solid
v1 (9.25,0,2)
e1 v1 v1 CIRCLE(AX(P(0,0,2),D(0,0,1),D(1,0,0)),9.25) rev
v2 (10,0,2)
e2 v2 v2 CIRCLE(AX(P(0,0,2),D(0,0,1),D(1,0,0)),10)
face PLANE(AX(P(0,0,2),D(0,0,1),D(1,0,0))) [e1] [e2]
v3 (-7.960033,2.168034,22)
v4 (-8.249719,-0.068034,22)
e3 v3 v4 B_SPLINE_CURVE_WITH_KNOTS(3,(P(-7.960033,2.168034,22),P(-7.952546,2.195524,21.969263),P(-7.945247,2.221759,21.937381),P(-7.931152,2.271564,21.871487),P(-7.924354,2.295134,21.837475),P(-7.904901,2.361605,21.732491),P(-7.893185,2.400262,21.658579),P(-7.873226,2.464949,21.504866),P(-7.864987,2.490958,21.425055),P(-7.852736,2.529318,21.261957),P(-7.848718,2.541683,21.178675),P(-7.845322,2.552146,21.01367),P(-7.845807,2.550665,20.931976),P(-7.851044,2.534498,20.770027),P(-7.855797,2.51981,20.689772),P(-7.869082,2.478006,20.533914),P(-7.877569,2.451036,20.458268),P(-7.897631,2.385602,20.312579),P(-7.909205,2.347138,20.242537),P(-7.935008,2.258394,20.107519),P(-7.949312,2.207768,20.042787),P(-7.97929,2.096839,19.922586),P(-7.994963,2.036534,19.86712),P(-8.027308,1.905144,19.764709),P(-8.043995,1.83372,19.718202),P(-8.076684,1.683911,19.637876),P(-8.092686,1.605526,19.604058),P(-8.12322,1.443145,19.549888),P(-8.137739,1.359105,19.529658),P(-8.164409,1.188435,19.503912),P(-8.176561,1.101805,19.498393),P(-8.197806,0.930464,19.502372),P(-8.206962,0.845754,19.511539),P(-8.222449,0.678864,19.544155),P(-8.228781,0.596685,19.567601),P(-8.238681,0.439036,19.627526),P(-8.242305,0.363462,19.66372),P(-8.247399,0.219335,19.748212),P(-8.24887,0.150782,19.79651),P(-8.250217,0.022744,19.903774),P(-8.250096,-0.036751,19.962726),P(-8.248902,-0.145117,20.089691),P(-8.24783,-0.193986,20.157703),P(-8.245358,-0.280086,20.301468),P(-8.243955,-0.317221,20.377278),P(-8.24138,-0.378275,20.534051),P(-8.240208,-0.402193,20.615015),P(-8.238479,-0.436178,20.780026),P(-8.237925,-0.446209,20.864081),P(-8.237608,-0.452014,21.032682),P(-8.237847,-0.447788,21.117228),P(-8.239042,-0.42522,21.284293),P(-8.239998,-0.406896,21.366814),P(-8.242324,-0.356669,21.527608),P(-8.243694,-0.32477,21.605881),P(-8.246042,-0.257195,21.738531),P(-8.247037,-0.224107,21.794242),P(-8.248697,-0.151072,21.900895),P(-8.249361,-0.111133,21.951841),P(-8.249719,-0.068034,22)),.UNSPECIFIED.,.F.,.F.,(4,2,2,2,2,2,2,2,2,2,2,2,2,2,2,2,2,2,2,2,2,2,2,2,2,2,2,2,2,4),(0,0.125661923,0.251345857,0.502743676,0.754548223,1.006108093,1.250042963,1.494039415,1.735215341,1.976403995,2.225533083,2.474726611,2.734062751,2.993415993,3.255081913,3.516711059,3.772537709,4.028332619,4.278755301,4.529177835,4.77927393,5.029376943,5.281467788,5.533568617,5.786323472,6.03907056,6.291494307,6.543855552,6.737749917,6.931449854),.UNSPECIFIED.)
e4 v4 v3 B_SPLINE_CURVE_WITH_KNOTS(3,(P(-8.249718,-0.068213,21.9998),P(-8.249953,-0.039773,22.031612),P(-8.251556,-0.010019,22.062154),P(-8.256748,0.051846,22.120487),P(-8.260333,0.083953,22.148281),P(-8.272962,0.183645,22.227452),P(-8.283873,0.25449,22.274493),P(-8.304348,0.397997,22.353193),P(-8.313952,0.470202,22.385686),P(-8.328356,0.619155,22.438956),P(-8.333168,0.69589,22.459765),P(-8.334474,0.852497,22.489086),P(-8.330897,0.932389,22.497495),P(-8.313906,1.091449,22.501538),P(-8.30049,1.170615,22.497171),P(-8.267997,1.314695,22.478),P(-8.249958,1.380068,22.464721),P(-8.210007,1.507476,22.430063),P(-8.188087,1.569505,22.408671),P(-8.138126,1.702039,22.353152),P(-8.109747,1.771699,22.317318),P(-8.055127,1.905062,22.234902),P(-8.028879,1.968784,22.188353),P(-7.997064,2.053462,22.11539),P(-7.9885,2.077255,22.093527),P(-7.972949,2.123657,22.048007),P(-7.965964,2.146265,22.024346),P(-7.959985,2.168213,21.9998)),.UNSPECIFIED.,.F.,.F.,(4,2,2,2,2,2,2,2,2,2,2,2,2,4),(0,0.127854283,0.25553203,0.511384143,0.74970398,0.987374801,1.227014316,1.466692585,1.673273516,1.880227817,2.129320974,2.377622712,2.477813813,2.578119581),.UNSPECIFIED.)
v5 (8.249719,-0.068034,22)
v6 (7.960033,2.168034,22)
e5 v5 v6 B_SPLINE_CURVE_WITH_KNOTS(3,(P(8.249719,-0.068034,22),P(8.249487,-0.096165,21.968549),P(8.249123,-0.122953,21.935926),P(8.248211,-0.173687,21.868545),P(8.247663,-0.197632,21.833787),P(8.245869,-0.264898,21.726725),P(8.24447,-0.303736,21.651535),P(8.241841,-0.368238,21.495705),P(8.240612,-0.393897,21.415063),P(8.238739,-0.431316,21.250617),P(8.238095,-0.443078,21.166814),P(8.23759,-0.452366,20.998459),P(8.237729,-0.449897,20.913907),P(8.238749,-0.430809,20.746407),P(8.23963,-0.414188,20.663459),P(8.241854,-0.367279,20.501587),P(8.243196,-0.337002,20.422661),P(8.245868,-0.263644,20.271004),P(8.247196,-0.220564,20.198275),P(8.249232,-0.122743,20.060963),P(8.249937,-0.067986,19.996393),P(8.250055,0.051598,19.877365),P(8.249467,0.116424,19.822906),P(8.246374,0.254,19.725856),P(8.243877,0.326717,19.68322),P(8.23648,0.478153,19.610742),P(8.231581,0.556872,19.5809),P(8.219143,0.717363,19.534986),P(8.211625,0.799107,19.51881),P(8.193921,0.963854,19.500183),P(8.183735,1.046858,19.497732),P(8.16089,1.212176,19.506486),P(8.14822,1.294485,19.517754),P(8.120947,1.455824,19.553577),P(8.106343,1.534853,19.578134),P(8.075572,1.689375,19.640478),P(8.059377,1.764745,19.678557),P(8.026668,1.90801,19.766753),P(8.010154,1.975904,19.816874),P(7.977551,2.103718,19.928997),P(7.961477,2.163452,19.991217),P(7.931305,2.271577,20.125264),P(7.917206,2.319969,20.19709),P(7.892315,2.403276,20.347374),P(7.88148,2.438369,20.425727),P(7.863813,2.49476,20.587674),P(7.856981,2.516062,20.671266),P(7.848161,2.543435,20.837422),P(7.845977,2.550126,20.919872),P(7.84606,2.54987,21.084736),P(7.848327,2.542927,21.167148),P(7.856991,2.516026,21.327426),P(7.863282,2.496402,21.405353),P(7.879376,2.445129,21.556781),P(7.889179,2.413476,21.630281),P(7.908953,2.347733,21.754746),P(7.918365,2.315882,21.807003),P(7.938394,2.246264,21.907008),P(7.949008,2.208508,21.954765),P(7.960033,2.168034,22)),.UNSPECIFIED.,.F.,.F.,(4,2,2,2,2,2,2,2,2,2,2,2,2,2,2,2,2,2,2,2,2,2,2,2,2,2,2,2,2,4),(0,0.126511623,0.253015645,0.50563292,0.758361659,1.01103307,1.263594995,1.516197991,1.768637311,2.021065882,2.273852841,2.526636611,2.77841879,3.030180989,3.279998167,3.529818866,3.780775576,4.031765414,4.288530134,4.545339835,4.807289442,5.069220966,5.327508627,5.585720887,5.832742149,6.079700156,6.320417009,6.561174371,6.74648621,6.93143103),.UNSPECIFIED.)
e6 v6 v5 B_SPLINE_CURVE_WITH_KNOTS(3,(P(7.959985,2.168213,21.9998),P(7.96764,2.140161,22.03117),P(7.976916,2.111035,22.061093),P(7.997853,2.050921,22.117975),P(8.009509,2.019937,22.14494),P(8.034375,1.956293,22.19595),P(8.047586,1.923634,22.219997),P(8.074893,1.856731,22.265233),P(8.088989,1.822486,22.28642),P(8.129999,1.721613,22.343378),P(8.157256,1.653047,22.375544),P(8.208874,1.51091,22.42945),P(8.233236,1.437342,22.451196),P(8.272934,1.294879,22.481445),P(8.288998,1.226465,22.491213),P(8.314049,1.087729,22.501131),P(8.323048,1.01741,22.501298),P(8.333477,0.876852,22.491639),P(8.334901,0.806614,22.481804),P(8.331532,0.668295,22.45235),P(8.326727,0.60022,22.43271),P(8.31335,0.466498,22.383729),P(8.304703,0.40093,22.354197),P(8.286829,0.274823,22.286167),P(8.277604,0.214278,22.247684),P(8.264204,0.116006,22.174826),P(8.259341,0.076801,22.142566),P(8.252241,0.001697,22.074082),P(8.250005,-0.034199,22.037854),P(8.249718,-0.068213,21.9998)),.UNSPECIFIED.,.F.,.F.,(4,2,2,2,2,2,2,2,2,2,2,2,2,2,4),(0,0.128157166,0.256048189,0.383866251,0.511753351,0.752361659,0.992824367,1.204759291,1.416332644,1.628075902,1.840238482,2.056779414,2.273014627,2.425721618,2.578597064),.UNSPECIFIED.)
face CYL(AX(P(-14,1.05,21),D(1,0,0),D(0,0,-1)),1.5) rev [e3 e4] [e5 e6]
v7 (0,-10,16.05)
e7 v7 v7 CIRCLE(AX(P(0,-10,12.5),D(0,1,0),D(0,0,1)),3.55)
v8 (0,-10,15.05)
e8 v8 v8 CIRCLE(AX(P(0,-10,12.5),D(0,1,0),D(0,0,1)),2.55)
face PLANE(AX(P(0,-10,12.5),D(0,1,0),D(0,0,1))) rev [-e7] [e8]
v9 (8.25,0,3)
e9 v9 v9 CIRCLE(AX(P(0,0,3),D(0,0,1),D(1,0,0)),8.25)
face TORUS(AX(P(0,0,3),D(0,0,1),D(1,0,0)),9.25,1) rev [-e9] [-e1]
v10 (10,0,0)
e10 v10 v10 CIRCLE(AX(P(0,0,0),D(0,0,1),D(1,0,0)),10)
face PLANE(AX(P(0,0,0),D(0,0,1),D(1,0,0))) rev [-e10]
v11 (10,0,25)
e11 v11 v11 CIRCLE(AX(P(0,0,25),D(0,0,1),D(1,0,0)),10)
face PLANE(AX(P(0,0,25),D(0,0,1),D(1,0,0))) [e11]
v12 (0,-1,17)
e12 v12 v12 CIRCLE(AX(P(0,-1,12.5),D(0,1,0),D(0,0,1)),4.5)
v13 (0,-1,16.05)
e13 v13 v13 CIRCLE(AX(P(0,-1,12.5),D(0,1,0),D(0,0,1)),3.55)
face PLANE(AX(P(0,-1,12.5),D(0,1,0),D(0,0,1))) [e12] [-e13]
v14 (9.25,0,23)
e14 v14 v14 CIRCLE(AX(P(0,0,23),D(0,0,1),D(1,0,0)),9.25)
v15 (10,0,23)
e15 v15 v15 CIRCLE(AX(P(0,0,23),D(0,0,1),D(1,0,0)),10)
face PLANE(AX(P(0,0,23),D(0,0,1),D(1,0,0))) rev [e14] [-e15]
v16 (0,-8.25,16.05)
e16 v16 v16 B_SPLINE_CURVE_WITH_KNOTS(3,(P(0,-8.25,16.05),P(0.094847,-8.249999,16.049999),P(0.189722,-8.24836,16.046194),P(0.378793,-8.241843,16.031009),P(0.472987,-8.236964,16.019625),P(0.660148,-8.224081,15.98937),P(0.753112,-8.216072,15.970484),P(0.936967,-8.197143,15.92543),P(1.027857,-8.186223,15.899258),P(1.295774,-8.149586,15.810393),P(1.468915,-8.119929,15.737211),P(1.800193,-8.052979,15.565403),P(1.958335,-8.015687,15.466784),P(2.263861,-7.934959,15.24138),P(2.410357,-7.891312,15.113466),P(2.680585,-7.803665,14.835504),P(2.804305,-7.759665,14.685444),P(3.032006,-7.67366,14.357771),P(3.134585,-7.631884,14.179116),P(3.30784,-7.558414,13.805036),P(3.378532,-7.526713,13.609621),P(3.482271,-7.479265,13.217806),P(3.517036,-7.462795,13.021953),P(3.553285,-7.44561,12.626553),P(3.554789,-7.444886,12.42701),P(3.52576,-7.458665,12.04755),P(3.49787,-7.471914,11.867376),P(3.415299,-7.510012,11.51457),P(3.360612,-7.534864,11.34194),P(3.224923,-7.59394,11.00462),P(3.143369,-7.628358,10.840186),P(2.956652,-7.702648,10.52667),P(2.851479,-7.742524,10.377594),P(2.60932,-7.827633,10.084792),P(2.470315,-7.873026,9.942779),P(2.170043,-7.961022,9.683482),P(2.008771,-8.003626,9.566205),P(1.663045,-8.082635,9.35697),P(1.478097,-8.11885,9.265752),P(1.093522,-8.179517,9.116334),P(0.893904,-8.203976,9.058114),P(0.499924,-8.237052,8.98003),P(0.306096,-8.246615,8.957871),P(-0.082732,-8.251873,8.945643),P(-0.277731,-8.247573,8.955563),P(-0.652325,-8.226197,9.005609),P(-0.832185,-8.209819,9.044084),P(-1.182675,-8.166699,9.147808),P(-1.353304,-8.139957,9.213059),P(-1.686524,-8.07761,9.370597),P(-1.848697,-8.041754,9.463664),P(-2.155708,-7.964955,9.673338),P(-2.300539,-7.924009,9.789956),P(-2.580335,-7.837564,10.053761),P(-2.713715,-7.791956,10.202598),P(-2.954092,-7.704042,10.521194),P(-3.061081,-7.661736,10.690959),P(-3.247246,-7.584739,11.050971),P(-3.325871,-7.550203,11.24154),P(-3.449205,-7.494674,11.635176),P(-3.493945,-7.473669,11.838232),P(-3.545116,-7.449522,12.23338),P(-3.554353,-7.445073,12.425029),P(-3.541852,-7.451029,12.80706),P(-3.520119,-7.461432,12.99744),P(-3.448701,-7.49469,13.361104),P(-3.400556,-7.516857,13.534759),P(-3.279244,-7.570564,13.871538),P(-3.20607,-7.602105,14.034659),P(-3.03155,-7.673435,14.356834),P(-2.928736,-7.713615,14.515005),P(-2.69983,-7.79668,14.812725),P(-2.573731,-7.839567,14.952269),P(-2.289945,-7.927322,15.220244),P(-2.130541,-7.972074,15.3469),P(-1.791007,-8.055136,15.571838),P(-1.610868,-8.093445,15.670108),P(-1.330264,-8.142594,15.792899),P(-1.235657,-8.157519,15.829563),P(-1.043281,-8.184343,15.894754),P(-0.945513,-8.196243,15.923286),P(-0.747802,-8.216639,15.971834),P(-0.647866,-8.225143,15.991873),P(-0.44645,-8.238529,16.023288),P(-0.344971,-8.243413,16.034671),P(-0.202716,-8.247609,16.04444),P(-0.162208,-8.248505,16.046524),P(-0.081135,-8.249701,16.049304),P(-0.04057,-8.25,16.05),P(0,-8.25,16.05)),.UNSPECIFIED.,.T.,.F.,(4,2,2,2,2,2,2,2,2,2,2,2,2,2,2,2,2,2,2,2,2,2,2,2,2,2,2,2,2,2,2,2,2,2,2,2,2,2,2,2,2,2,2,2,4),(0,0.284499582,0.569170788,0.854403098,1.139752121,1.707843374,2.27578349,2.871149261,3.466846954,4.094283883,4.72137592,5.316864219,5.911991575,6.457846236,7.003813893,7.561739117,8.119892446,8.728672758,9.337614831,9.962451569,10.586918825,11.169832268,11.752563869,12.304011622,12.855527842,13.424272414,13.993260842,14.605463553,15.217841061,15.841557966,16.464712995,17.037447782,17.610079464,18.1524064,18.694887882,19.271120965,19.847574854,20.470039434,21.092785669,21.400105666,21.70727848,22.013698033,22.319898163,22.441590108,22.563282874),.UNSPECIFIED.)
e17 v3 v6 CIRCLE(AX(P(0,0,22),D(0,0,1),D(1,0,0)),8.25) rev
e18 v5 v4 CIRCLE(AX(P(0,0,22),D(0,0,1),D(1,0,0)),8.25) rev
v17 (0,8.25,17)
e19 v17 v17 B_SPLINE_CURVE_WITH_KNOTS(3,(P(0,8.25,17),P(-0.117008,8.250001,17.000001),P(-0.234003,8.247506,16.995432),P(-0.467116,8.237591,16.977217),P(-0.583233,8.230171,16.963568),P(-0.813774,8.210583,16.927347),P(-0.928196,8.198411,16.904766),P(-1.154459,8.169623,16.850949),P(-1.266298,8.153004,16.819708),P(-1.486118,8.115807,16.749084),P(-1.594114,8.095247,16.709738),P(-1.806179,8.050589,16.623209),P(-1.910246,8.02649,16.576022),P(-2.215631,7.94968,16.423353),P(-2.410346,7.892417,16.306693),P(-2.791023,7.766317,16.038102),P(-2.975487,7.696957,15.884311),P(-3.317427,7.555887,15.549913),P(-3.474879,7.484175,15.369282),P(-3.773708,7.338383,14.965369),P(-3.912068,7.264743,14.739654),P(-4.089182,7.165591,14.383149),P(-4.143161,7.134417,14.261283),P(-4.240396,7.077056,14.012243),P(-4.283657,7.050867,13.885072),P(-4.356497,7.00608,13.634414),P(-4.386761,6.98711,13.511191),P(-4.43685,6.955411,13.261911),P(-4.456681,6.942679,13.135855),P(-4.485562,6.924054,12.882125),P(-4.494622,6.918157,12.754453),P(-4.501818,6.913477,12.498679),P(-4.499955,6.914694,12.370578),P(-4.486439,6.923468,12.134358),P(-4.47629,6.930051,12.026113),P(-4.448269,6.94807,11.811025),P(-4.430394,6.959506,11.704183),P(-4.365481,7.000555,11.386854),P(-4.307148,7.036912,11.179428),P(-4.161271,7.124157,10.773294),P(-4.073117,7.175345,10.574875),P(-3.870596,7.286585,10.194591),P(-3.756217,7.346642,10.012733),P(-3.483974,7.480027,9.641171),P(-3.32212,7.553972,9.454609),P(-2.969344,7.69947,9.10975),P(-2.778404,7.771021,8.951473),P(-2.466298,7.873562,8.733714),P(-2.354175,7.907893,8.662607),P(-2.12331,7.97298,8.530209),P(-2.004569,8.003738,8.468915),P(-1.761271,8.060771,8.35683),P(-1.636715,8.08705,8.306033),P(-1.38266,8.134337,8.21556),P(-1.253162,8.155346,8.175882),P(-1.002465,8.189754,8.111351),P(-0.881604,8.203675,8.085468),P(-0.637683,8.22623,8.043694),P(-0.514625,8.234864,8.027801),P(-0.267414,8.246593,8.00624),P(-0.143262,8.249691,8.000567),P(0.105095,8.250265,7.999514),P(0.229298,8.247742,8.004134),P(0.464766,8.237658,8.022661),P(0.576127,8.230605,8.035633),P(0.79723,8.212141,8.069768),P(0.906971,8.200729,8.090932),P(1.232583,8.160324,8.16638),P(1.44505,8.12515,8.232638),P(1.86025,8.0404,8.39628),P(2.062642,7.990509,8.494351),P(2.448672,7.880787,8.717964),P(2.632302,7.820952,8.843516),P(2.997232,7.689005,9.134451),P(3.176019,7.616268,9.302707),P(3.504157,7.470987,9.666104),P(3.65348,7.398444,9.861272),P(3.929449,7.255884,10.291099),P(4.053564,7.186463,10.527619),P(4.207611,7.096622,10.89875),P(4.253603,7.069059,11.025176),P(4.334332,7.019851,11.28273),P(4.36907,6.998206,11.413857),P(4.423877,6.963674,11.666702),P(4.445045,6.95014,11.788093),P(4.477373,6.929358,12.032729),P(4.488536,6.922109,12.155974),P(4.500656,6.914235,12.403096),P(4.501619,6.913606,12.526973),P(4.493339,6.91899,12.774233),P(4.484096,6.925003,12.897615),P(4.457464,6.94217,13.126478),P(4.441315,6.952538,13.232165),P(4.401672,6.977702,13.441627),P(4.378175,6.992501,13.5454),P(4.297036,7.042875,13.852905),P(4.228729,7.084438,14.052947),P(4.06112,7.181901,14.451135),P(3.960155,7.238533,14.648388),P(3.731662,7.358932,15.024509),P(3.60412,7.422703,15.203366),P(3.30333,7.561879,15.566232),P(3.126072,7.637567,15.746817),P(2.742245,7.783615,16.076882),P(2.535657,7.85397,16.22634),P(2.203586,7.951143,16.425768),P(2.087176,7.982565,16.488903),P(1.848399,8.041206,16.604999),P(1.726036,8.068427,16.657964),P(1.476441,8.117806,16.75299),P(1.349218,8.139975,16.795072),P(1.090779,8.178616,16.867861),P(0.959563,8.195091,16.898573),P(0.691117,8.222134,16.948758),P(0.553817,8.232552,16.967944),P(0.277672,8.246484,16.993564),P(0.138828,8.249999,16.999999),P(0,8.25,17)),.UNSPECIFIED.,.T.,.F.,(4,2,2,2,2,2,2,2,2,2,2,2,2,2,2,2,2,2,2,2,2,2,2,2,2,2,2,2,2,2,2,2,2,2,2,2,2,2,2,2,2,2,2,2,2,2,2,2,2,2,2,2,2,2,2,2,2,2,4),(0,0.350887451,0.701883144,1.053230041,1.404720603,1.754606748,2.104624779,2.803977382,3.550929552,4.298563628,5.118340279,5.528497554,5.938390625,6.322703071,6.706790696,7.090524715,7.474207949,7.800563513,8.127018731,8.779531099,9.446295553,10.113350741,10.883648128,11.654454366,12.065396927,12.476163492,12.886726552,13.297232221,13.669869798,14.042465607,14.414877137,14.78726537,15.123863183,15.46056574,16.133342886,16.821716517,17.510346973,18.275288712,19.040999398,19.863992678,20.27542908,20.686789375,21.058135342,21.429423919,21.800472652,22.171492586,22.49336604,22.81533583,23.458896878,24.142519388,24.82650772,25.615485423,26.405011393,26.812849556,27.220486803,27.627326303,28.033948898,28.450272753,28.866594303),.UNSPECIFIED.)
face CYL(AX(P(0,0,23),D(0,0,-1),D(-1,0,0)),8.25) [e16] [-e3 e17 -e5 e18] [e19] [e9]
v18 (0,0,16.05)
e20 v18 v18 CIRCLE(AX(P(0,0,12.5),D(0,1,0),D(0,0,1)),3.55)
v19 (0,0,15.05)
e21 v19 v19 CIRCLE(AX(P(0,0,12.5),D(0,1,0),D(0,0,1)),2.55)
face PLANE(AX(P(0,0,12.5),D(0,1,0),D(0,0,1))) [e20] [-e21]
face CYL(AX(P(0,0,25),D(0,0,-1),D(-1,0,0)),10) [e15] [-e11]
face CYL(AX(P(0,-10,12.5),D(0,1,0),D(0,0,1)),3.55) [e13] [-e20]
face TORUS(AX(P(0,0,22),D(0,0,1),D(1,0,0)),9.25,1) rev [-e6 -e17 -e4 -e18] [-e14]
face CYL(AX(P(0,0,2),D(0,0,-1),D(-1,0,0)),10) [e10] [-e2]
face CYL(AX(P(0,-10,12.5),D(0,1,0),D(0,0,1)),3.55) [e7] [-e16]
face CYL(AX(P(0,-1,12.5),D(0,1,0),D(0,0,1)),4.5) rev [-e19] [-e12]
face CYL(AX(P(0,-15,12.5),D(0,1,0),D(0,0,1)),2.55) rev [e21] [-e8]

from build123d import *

# Parameters (mm, degrees)
SKIZZE1_R                            = 10
AUFSATZ_LINEAR_AUSTRAGEN1_DEPTH      = 2
SKIZZE2_R                            = 8.25
AUFSATZ_LINEAR_AUSTRAGEN2_DEPTH      = 21
SKIZZE3_R                            = 10
AUFSATZ_LINEAR_AUSTRAGEN3_DEPTH      = 2
VERRUNDUNG1_R                        = 1
SCHNITT_LINEAR_AUSTRAGEN1_DEPTH      = 14
SCHNITT_LINEAR_AUSTRAGEN1_DEPTH_BACK = 14
SKIZZE4_R                            = 1.5
SCHNITT_LINEAR_AUSTRAGEN2_DEPTH      = 14
SCHNITT_LINEAR_AUSTRAGEN2_DEPTH_BACK = 1
SKIZZE5_R                            = 4.5
SKIZZE6_R                            = 2.55
SCHNITT_LINEAR_AUSTRAGEN3_DEPTH      = 14
SKIZZE7_R                            = 3.55
SKIZZE7_R_2                          = 2.55
AUFSATZ_LINEAR_AUSTRAGEN4_DEPTH      = 10


with BuildPart() as part:
    # Skizze1 → Aufsatz-Linear austragen1 (new body)
    with BuildSketch(Plane.XY):
        Circle(SKIZZE1_R)
    extrude(amount=AUFSATZ_LINEAR_AUSTRAGEN1_DEPTH)

    # Skizze2 → Aufsatz-Linear austragen2 (add)
    with BuildSketch(Plane.XY.offset(2)):
        Circle(SKIZZE2_R)
    extrude(amount=AUFSATZ_LINEAR_AUSTRAGEN2_DEPTH)

    # Skizze3 → Aufsatz-Linear austragen3 (add)
    with BuildSketch(Plane.XY.offset(23)):
        Circle(SKIZZE3_R)
    extrude(amount=AUFSATZ_LINEAR_AUSTRAGEN3_DEPTH)

    # Verrundung1
    verrundung1_edges = [part.edges().sort_by_distance(p)[0] for p in [
        (-8.25, 0, 23),
        (-8.25, 0, 2),
    ]]
    fillet(verrundung1_edges, radius=VERRUNDUNG1_R)

    # Skizze4 → Schnitt-Linear austragen1 (cut, two sides: drawn at the far end of the back side and taken through both)
    with BuildSketch(Plane.ZY.offset(-SCHNITT_LINEAR_AUSTRAGEN1_DEPTH_BACK)):
        with Locations((21, 1.05)):
            Circle(SKIZZE4_R)
    extrude(amount=SCHNITT_LINEAR_AUSTRAGEN1_DEPTH + SCHNITT_LINEAR_AUSTRAGEN1_DEPTH_BACK, mode=Mode.SUBTRACT)

    # Skizze5 → Schnitt-Linear austragen2 (cut, two sides: drawn at the far end of the back side and taken through both)
    with BuildSketch(Plane(origin=(0, 0, 0), x_dir=(1, 0, 0), z_dir=(0, 1, 0)).offset(-SCHNITT_LINEAR_AUSTRAGEN2_DEPTH_BACK)):
        with Locations((0, -12.5)):
            Circle(SKIZZE5_R)
    extrude(amount=SCHNITT_LINEAR_AUSTRAGEN2_DEPTH + SCHNITT_LINEAR_AUSTRAGEN2_DEPTH_BACK, mode=Mode.SUBTRACT)

    # Skizze6 → Schnitt-Linear austragen3 (cut)
    with BuildSketch(Plane(origin=(0, -1, 0), x_dir=(1, 0, 0), z_dir=(0, 1, 0))):
        with Locations((0, -12.5)):
            Circle(SKIZZE6_R)
    extrude(amount=-SCHNITT_LINEAR_AUSTRAGEN3_DEPTH, mode=Mode.SUBTRACT)

    # Skizze7 → Aufsatz-Linear austragen4 (add)
    with BuildSketch(Plane(origin=(0, 0, 0), x_dir=(1, 0, 0), z_dir=(0, 1, 0))):
        with Locations((0, -12.5)):
            Circle(SKIZZE7_R)
        with Locations((0, -12.5)):
            Circle(SKIZZE7_R_2, mode=Mode.SUBTRACT)
    extrude(amount=-AUFSATZ_LINEAR_AUSTRAGEN4_DEPTH)


solid = part.part
